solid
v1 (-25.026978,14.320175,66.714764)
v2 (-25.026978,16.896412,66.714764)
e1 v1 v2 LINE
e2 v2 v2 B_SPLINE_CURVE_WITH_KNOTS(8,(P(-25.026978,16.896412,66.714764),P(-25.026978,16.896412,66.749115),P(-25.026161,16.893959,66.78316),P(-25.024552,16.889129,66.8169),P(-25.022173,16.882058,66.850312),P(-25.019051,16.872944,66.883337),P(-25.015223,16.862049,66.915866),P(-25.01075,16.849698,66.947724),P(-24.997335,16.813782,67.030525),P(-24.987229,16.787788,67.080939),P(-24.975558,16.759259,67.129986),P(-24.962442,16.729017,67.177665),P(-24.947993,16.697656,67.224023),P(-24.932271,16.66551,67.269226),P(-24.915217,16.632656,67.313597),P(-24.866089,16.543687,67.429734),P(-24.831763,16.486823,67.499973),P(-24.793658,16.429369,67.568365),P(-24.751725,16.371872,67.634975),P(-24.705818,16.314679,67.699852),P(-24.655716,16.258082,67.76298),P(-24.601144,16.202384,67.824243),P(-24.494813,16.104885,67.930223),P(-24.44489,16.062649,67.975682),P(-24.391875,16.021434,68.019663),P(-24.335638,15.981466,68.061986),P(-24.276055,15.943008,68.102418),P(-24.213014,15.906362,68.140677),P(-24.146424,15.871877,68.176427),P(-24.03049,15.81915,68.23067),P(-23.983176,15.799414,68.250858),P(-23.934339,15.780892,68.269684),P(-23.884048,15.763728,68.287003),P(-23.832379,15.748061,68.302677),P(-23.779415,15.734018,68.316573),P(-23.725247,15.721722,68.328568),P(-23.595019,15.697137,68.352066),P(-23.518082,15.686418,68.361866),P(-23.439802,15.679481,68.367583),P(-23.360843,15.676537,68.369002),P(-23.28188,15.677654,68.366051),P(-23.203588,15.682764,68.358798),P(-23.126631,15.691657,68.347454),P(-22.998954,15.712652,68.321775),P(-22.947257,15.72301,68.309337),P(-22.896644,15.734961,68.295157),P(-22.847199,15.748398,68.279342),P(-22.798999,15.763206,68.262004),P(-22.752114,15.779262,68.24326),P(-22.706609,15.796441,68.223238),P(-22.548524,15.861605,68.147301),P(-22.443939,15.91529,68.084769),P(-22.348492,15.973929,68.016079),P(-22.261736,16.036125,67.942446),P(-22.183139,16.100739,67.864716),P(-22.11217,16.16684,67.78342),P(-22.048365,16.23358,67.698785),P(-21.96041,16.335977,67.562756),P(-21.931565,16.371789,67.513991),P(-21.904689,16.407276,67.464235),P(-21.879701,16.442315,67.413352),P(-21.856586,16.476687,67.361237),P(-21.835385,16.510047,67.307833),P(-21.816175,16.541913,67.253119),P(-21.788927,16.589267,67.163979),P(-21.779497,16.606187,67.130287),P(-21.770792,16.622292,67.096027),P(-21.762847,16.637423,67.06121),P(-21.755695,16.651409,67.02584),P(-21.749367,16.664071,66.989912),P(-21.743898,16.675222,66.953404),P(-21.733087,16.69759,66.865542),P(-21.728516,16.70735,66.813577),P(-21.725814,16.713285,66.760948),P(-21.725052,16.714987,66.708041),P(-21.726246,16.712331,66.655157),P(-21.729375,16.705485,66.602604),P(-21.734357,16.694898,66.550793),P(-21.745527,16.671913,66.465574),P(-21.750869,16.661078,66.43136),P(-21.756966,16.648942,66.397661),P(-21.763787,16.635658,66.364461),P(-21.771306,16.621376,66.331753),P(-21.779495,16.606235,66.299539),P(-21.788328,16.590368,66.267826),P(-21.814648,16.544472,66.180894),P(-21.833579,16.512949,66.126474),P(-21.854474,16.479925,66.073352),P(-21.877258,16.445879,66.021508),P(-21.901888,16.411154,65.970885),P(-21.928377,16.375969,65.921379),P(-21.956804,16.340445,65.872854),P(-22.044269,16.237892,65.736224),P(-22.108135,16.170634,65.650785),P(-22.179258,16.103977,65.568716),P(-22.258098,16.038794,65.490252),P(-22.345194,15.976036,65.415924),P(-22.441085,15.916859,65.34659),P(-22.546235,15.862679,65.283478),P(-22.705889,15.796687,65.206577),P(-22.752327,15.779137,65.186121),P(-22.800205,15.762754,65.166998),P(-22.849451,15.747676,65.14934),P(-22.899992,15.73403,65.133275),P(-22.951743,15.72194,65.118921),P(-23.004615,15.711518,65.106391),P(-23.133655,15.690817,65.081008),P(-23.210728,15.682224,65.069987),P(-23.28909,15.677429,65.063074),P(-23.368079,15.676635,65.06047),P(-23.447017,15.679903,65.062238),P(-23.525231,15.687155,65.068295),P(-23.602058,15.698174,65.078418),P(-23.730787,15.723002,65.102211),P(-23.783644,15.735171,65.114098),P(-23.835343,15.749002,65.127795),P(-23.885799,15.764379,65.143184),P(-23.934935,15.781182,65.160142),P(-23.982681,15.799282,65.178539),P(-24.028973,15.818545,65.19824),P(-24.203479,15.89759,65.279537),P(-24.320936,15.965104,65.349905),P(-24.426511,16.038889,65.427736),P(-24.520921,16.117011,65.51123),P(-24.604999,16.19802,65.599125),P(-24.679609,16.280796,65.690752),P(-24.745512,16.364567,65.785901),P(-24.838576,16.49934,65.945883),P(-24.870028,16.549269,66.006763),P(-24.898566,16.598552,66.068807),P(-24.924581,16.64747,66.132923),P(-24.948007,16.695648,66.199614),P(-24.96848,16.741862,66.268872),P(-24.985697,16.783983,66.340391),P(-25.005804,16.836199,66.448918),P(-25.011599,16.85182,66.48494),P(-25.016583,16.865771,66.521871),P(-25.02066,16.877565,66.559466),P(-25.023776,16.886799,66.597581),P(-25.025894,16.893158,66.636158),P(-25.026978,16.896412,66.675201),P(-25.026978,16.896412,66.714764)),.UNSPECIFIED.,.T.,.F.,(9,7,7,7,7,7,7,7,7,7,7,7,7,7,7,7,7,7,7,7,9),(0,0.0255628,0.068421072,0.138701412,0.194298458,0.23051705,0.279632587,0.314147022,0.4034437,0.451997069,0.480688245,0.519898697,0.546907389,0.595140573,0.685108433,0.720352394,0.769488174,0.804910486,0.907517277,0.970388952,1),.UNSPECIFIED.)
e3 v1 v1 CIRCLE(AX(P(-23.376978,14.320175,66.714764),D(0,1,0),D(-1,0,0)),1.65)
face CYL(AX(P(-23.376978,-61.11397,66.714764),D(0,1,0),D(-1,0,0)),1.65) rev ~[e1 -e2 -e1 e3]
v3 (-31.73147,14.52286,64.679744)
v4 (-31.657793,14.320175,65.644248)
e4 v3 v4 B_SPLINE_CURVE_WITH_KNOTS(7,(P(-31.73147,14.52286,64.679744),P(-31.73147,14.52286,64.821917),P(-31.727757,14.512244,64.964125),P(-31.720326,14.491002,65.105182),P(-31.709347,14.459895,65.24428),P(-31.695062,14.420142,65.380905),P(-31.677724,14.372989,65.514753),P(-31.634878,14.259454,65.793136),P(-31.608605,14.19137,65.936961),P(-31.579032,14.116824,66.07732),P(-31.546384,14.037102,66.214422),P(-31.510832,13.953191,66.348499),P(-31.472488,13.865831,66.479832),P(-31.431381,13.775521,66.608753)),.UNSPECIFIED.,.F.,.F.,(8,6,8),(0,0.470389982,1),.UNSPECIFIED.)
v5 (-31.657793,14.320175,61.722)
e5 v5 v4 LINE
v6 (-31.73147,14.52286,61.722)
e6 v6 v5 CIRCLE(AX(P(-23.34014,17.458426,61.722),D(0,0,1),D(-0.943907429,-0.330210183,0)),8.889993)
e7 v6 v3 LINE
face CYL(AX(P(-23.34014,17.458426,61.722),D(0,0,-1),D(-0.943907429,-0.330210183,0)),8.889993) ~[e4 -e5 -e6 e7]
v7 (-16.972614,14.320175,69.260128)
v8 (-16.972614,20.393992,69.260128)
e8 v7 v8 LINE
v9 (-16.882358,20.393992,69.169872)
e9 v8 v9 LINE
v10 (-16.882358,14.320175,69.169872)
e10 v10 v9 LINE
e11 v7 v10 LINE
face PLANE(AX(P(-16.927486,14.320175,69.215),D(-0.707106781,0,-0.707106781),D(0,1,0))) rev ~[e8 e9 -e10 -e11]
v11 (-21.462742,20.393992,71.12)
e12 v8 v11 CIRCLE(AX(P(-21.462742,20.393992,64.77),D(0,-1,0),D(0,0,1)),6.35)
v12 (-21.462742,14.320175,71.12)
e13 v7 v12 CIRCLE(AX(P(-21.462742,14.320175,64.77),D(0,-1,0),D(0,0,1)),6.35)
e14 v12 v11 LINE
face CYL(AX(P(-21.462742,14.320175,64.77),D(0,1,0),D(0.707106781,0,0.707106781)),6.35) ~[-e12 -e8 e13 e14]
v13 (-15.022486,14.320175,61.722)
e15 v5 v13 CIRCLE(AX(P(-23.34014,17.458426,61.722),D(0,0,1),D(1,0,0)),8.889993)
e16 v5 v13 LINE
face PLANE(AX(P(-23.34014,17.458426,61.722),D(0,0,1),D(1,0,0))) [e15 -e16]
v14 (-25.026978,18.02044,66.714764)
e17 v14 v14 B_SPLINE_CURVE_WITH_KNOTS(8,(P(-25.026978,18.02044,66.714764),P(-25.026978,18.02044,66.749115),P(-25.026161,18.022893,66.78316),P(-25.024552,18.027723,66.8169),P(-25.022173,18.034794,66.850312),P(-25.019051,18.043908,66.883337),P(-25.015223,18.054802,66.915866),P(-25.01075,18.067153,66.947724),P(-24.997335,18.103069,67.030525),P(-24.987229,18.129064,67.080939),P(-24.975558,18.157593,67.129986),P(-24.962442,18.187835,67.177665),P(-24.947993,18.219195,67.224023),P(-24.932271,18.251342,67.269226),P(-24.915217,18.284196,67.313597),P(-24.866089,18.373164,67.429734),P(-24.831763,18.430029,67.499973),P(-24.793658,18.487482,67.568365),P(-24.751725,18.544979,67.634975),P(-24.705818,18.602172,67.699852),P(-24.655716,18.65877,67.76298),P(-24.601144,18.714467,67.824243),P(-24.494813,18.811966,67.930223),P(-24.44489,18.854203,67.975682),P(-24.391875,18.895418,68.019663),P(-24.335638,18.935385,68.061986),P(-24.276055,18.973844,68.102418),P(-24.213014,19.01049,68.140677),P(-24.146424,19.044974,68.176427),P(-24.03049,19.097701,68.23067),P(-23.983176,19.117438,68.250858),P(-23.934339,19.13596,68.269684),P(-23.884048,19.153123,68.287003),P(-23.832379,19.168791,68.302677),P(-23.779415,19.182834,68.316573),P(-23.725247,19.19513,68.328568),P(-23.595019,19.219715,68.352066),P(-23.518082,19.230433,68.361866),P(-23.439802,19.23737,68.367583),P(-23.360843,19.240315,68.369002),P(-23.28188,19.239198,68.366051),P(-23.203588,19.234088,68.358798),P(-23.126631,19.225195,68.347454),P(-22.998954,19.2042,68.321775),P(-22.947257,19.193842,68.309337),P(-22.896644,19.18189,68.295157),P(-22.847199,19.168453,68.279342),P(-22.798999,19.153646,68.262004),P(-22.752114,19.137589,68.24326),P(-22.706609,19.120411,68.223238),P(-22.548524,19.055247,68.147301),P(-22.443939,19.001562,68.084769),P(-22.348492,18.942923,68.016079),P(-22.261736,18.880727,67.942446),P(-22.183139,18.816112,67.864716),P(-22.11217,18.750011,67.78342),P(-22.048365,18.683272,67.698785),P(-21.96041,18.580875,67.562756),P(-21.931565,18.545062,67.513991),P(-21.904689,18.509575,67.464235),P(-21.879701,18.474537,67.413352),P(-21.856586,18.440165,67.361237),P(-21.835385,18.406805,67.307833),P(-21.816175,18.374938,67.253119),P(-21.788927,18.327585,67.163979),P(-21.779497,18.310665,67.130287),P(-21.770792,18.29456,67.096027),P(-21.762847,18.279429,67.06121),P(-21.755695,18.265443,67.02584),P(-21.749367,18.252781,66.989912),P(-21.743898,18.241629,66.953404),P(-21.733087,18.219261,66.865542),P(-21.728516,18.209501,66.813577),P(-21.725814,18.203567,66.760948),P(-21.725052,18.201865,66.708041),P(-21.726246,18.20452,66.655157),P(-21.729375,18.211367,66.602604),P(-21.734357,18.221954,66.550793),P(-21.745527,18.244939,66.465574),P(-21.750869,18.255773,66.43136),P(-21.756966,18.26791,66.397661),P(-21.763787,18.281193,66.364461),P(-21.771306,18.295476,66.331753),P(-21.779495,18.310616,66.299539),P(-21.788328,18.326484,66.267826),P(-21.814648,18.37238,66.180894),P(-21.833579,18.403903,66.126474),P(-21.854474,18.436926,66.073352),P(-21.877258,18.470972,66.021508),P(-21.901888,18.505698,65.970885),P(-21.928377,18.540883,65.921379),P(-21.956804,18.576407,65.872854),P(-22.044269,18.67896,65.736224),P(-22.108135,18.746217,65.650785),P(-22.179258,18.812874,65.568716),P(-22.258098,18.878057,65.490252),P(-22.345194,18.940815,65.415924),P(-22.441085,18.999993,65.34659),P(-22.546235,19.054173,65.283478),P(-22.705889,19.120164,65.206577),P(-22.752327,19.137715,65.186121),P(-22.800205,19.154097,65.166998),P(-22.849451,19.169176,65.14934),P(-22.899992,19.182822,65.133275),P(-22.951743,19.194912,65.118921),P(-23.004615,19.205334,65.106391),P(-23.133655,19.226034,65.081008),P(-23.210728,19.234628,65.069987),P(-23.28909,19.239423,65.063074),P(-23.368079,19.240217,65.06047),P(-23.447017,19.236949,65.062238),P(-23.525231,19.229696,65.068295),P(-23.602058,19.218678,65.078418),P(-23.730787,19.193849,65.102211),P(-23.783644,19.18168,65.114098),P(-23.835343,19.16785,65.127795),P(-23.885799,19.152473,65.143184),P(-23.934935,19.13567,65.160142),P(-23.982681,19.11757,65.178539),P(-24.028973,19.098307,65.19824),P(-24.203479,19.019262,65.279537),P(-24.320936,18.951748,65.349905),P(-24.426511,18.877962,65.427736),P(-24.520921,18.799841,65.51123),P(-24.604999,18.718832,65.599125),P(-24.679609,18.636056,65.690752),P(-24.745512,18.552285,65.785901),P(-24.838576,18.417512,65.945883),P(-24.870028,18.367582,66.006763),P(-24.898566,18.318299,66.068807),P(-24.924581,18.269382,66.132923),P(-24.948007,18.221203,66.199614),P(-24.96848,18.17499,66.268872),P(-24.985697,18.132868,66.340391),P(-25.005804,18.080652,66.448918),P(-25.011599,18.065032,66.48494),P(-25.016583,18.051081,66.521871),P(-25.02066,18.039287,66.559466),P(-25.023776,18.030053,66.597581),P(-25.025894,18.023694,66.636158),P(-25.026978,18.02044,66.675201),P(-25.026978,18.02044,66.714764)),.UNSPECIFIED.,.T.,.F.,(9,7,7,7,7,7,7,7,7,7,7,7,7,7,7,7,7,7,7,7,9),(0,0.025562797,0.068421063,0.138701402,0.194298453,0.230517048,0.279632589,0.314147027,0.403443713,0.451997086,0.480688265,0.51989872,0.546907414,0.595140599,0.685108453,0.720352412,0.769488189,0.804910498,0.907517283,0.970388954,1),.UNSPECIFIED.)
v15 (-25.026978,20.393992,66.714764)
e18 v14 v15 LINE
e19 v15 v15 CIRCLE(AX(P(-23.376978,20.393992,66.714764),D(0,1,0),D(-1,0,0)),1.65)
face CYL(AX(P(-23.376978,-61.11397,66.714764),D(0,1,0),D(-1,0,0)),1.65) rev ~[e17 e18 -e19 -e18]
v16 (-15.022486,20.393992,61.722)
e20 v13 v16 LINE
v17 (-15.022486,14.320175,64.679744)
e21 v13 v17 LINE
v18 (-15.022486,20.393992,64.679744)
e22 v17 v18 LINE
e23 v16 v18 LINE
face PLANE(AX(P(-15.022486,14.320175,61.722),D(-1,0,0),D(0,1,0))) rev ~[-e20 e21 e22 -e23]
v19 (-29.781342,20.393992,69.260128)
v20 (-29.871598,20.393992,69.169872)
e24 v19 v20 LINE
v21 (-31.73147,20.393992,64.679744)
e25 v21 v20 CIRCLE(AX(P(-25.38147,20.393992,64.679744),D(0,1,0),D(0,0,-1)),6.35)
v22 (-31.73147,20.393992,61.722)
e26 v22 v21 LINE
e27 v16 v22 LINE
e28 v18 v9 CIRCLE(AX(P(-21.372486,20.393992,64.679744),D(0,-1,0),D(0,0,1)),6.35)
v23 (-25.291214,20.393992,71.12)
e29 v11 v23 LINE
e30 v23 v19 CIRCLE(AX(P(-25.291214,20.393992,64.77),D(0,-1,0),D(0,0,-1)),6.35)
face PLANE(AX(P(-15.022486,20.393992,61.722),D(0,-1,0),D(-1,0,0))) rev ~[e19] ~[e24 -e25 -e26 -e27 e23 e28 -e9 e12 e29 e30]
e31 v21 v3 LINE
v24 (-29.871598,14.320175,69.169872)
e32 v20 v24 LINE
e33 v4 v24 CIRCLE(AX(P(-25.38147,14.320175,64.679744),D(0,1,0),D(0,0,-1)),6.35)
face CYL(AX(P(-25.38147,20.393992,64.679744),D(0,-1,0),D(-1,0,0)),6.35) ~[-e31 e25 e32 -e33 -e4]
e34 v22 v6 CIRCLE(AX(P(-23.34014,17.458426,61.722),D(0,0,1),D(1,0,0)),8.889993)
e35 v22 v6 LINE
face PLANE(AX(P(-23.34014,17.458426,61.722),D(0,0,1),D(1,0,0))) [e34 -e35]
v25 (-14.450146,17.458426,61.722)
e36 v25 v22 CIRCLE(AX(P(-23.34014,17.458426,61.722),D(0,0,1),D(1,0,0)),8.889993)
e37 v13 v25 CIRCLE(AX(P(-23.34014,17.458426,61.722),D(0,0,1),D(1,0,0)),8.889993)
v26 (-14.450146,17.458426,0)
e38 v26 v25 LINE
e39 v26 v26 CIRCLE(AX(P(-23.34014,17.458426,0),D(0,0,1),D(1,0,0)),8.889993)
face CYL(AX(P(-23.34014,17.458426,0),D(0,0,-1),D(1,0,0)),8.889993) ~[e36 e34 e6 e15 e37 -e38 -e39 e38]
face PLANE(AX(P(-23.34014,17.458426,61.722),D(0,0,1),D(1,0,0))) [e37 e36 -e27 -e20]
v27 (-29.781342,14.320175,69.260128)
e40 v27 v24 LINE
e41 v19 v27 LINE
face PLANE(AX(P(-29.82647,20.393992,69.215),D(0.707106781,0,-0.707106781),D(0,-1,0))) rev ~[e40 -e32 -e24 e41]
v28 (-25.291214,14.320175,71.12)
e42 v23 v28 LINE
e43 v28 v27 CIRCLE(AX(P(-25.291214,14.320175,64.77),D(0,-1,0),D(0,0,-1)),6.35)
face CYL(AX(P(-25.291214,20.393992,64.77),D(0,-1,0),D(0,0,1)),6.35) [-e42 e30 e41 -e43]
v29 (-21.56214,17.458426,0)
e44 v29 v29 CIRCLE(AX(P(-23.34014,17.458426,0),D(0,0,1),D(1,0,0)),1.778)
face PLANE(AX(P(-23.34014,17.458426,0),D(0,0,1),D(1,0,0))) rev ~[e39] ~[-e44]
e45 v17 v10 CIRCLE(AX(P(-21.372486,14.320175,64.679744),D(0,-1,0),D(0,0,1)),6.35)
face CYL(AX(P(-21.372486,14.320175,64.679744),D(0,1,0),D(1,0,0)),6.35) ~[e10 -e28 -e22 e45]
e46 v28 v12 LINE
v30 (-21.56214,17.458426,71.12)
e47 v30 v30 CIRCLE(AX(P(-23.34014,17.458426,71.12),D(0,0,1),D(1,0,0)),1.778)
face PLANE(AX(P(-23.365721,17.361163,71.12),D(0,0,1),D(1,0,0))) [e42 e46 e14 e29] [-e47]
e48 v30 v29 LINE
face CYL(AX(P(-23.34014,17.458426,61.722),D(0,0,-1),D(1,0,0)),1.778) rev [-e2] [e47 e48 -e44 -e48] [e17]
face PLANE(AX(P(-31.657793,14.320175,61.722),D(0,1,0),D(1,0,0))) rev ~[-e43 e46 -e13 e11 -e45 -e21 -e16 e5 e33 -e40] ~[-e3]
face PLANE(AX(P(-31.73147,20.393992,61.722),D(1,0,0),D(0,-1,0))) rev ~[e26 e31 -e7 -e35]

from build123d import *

# Parameters (mm, degrees)
F0_R     = 8.8899932806
F0_R_2   = 1.778
F1_DEPTH = 61.722
F2_R     = 1.778
F3_DEPTH = 9.398
F4_SIZE  = 3.81
F5_R     = 6.35
F7_D     = 3.3


with BuildPart() as f1:
    # F0 (on Top) → F1 (new body)
    with BuildSketch(Plane.XY):
        with Locations((-23.340139538, 17.4584258348)):
            Circle(F0_R)
        with Locations((-23.340139538, 17.4584258348)):
            Circle(F0_R_2, mode=Mode.SUBTRACT)
    extrude(amount=F1_DEPTH)

    # F2 (on face) → F3 (join)
    with BuildSketch(Plane.XY.offset(61.722)):
        with BuildLine():
            Line((-15.0224858004, 20.3939921487), (-31.7314702397, 20.3939921487))
            Line((-31.7314702397, 20.3939921487), (-31.7314702397, 14.5228595208))
            ThreePointArc((-31.7314702397, 14.5228595208), (-31.6952463883, 14.4212939558), (-31.6577932757, 14.3201752346))
            Line((-31.6577932757, 14.3201752346), (-15.0224858004, 14.3201752346))
            Line((-15.0224858004, 14.3201752346), (-15.0224858004, 20.3939921487))
        make_face()
        with Locations((-23.340139538, 17.4584258348)):
            Circle(F2_R, mode=Mode.SUBTRACT)
    extrude(amount=F3_DEPTH)

    # F4
    f4_edges = [f1.edges().sort_by_distance(p)[0] for p in [
        (-15.022486, 17.357084, 71.12),
        (-31.73147, 17.458426, 71.12),
    ]]
    chamfer(f4_edges, length=F4_SIZE)

    # F5
    f5_edges = [f1.edges().sort_by_distance(p)[0] for p in [
        (-27.92147, 17.357084, 71.12),
        (-18.832486, 17.357084, 71.12),
        (-15.022486, 17.357084, 67.31),
        (-31.73147, 17.458426, 67.31),
    ]]
    fillet(f5_edges, radius=F5_R)

    # F7 (through all)
    with Locations(Plane.XZ.offset(-14.3201752346)):
        with Locations((-23.3769780201, 66.7147636414)):
            Hole(F7_D / 2)


solid = f1.part
